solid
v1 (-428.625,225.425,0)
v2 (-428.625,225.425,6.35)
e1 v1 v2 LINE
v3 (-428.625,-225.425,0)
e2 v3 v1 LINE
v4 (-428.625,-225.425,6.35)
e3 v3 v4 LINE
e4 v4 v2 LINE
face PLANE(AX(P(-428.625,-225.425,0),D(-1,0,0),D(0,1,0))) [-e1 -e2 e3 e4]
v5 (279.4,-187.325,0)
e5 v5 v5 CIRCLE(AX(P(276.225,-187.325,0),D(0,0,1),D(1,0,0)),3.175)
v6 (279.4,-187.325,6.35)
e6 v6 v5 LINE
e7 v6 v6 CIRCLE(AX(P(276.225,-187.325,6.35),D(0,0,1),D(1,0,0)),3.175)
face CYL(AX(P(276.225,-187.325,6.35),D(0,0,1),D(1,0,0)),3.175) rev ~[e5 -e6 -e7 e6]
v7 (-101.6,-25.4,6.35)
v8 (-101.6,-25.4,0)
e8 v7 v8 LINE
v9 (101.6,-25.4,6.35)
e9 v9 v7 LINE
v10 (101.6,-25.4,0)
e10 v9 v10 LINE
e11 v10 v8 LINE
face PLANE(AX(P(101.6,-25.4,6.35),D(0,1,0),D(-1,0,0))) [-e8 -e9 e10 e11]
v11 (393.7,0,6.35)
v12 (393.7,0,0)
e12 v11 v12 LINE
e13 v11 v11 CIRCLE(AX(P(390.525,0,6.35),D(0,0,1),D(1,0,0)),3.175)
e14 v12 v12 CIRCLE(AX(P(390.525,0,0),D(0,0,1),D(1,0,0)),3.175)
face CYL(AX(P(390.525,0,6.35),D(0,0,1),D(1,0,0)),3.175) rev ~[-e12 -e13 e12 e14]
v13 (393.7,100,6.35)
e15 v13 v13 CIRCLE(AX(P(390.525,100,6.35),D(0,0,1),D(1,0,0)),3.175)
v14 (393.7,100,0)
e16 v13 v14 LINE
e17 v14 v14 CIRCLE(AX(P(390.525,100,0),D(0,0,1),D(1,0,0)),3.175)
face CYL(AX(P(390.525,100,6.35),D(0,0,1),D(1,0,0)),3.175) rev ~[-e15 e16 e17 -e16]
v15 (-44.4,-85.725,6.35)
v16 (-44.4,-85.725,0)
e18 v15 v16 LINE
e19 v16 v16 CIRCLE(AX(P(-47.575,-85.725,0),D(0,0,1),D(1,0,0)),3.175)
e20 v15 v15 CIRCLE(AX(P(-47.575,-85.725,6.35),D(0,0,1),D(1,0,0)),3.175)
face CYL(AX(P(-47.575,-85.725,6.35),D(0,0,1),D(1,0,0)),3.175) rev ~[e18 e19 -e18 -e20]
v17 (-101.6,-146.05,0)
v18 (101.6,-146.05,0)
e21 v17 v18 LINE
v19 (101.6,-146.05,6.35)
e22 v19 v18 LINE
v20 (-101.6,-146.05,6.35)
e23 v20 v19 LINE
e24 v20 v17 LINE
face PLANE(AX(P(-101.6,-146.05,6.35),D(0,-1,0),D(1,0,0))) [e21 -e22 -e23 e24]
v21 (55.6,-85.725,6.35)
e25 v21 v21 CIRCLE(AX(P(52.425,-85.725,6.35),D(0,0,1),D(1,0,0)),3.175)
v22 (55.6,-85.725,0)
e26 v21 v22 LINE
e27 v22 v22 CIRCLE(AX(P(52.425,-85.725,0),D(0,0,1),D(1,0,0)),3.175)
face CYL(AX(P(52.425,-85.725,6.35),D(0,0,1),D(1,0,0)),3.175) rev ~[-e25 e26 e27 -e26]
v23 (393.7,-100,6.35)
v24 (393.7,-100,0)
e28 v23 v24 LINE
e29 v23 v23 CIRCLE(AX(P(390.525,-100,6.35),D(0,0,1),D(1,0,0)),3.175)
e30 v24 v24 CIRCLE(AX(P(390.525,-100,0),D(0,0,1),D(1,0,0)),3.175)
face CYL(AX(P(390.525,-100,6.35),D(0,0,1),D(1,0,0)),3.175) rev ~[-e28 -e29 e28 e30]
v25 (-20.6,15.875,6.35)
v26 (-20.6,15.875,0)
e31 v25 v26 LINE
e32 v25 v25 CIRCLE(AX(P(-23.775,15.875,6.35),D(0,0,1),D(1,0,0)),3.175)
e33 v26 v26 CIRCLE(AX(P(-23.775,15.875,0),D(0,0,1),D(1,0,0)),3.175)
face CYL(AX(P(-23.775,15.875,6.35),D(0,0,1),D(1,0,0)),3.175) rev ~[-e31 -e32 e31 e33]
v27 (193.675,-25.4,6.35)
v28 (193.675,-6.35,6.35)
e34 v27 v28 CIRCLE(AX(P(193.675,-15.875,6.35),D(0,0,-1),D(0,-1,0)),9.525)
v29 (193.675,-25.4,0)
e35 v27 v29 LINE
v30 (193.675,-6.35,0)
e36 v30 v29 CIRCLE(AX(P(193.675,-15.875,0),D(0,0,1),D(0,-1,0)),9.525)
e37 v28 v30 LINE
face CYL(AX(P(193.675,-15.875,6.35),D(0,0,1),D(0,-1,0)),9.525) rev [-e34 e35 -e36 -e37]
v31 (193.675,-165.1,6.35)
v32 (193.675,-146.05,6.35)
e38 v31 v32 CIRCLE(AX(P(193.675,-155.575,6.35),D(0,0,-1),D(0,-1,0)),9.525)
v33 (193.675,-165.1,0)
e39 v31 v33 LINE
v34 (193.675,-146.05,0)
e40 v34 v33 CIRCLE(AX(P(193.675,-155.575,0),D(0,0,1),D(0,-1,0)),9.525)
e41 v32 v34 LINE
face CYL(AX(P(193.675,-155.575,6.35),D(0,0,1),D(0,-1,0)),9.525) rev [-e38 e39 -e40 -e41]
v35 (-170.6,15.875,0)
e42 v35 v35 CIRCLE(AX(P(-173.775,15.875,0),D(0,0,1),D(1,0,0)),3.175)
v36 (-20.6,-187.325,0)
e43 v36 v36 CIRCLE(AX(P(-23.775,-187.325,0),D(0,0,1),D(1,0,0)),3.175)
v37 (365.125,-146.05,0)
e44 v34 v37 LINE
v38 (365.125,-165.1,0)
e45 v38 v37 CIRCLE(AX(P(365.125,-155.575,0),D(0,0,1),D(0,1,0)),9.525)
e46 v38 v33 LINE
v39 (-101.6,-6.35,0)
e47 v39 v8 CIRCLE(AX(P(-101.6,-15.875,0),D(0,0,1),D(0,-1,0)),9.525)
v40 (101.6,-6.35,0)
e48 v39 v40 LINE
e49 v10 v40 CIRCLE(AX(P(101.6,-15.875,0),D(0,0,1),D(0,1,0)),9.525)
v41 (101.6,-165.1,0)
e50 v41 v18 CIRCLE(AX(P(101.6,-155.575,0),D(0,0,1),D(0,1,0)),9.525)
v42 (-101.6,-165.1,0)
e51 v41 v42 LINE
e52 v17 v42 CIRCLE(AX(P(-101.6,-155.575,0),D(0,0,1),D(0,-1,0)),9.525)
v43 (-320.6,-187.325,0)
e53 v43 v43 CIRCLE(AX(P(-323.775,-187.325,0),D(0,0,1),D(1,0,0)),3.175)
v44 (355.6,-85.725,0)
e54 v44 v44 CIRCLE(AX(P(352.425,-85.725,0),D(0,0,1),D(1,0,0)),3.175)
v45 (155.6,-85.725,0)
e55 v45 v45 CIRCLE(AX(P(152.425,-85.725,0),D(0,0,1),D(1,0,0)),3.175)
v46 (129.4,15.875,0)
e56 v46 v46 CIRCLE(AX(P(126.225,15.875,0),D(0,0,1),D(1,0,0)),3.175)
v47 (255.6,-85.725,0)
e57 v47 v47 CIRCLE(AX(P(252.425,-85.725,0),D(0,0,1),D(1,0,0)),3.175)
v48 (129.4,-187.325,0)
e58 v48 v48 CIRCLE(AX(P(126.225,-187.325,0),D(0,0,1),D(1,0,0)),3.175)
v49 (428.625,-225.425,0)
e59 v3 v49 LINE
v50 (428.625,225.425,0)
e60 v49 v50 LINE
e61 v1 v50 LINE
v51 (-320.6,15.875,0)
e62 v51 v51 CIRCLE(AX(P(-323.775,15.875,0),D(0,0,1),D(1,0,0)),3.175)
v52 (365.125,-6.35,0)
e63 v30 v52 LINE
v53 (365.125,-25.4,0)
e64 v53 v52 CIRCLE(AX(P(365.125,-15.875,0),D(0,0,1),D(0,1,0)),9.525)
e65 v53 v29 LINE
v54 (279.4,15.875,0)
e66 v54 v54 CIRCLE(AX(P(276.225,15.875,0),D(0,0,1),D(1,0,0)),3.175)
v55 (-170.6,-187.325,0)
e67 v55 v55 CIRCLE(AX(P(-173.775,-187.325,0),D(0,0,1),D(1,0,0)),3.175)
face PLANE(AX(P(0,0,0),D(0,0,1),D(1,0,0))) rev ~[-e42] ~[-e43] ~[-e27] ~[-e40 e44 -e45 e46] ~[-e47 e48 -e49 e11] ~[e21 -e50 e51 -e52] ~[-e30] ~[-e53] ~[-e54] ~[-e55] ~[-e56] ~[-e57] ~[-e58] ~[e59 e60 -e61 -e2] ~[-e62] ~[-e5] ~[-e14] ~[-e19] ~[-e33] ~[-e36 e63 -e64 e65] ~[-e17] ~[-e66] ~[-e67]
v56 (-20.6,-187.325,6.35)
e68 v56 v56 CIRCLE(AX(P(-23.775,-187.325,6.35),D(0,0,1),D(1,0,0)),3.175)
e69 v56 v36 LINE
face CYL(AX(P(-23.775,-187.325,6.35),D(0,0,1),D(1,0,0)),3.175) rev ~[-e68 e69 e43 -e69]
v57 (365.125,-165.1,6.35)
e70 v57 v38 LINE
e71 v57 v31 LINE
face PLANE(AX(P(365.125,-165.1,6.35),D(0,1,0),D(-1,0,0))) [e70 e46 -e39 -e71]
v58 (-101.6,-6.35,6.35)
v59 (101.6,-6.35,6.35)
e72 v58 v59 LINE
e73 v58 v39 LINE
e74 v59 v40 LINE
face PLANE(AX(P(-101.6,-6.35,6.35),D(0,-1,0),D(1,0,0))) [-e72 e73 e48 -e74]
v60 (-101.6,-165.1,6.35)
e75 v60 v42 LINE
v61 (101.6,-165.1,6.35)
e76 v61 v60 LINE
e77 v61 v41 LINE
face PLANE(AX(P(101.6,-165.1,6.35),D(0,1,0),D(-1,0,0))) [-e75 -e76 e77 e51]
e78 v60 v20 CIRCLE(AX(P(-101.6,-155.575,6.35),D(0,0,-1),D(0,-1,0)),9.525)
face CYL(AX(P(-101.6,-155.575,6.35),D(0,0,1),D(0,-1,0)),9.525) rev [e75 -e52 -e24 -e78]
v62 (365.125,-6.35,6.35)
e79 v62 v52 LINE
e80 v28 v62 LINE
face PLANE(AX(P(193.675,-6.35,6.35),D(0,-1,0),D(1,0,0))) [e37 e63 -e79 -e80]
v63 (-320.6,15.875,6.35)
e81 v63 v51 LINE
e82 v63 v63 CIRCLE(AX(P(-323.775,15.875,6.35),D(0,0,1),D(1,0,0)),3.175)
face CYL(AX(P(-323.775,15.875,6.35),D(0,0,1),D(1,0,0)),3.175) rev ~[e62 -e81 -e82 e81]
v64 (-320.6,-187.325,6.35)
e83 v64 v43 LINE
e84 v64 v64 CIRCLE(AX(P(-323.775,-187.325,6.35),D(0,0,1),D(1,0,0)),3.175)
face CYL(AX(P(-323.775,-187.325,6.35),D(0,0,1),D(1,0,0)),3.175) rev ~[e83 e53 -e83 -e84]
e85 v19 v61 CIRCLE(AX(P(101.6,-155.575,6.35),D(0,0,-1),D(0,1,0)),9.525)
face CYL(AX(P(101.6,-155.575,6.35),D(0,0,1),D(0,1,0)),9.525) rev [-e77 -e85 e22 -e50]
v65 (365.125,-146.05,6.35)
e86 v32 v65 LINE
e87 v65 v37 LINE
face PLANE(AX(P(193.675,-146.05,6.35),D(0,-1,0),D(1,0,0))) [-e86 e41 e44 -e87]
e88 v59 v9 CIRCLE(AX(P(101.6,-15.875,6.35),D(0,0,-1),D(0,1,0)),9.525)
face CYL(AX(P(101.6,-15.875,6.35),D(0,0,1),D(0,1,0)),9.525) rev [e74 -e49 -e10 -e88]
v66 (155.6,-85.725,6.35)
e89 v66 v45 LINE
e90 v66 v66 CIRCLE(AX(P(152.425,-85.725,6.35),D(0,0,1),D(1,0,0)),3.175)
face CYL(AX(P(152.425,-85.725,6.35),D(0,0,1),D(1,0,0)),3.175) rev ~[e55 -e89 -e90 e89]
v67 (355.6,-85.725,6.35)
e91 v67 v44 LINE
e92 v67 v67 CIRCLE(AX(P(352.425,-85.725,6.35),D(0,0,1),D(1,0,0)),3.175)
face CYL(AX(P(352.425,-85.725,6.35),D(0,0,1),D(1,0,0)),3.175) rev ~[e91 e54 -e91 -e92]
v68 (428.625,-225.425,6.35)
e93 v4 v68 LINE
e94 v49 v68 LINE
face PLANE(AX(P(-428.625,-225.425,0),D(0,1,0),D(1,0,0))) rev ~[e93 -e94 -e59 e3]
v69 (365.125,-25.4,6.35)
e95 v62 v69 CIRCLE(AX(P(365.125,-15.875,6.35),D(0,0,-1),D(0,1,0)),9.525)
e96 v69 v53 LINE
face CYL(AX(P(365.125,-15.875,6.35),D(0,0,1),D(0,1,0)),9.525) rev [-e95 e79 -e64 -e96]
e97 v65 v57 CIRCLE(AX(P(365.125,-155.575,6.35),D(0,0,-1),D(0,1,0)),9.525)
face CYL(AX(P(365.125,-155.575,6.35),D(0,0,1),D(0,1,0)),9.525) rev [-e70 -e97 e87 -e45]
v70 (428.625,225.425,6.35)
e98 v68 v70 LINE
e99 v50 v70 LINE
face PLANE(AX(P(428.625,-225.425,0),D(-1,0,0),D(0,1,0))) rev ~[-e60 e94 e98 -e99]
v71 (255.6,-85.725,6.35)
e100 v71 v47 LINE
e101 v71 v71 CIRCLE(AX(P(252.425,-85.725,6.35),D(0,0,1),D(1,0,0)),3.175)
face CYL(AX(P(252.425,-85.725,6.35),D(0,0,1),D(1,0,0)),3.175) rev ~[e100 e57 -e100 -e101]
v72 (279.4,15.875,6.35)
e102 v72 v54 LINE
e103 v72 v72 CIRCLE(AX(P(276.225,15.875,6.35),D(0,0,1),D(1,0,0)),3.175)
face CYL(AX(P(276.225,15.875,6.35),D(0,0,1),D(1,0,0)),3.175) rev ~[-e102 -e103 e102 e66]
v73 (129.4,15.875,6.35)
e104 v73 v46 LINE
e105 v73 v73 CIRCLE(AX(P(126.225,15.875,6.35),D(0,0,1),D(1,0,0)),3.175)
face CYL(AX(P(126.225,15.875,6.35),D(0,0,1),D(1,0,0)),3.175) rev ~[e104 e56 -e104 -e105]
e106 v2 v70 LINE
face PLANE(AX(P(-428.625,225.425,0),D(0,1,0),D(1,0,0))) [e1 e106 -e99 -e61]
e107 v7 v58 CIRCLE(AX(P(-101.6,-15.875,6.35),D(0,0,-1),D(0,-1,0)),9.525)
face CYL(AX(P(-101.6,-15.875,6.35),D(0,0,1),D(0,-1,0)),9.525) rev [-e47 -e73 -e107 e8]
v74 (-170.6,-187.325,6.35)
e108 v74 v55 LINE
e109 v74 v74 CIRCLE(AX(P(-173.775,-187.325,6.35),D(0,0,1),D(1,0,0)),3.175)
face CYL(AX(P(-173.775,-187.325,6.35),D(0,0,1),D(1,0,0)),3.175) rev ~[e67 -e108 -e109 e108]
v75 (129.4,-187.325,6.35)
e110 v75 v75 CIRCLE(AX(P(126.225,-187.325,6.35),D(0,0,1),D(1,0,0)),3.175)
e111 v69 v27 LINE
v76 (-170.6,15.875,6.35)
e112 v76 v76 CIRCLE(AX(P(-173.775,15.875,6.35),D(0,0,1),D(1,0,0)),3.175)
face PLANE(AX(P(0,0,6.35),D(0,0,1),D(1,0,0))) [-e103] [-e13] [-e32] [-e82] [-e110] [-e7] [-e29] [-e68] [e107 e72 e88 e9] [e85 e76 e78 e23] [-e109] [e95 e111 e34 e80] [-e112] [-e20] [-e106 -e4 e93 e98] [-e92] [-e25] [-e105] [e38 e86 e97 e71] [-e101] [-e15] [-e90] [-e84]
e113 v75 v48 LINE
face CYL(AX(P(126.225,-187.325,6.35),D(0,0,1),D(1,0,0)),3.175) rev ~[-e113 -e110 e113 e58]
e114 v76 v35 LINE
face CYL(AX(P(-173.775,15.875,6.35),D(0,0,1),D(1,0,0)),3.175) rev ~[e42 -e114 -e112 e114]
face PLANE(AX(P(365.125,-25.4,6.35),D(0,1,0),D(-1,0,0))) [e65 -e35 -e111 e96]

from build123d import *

# Parameters (mm, degrees)
SKETCH1_W           = 857.25
SKETCH1_H           = 450.85
BOSS_EXTRUDE1_DEPTH = 6.35
SKETCH2_R           = 3.175
CUT_EXTRUDE1_DEPTH  = 485.330614095
SKETCH3_R           = 3.175
CUT_EXTRUDE2_DEPTH  = 485.330614095


with BuildPart() as part:
    # Sketch1 → Boss-Extrude1 (new body)
    with BuildSketch(Plane.XY):
        Rectangle(SKETCH1_W, SKETCH1_H)
    extrude(amount=BOSS_EXTRUDE1_DEPTH)

    # Sketch2 → Cut-Extrude1 (cut, through all)
    with BuildSketch(Plane.XY.offset(6.35)):
        with Locations((352.425, -85.725)):
            Circle(SKETCH2_R)
        with Locations((252.425000102, -85.725)):
            Circle(SKETCH2_R)
        with Locations((152.425000204, -85.725)):
            Circle(SKETCH2_R)
        with Locations((52.425000306, -85.725)):
            Circle(SKETCH2_R)
        with Locations((-47.574999592, -85.725)):
            Circle(SKETCH2_R)
        with Locations((276.225, -187.325)):
            Circle(SKETCH2_R)
        with Locations((126.225000026, -187.325)):
            Circle(SKETCH2_R)
        with Locations((-23.774999948, -187.325)):
            Circle(SKETCH2_R)
        with Locations((-173.774999922, -187.325)):
            Circle(SKETCH2_R)
        with Locations((-323.774999896, -187.325)):
            Circle(SKETCH2_R)
        with Locations((276.225, 15.875)):
            Circle(SKETCH2_R)
        with Locations((126.225000026, 15.875)):
            Circle(SKETCH2_R)
        with Locations((-23.774999948, 15.875)):
            Circle(SKETCH2_R)
        with Locations((-173.774999922, 15.875)):
            Circle(SKETCH2_R)
        with Locations((-323.774999896, 15.875)):
            Circle(SKETCH2_R)
        with BuildLine():
            Line((-101.6, -146.05), (101.6, -146.05))
            ThreePointArc((101.6, -146.05), (111.125, -155.575), (101.6, -165.1))
            Line((101.6, -165.1), (-101.6, -165.1))
            ThreePointArc((-101.6, -165.1), (-111.125, -155.575), (-101.6, -146.05))
        make_face()
        with BuildLine():
            Line((193.675, -146.05), (365.125, -146.05))
            ThreePointArc((365.125, -146.05), (374.65, -155.575), (365.125, -165.1))
            Line((365.125, -165.1), (193.675, -165.1))
            ThreePointArc((193.675, -165.1), (184.15, -155.575), (193.675, -146.05))
        make_face()
        with BuildLine():
            Line((365.125, -25.4), (193.675, -25.4))
            ThreePointArc((193.675, -25.4), (184.15, -15.875), (193.675, -6.35))
            Line((193.675, -6.35), (365.125, -6.35))
            ThreePointArc((365.125, -6.35), (374.65, -15.875), (365.125, -25.4))
        make_face()
        with BuildLine():
            Line((101.6, -25.4), (-101.6, -25.4))
            ThreePointArc((-101.6, -25.4), (-111.125, -15.875), (-101.6, -6.35))
            Line((-101.6, -6.35), (101.6, -6.35))
            ThreePointArc((101.6, -6.35), (111.125, -15.875), (101.6, -25.4))
        make_face()
    extrude(amount=-CUT_EXTRUDE1_DEPTH, mode=Mode.SUBTRACT)

    # Sketch3 → Cut-Extrude2 (cut, through all)
    with BuildSketch(Plane.XY.offset(6.35)):
        with Locations((390.525, -100.000000152)):
            Circle(SKETCH3_R)
        with Locations((390.525, 0)):
            Circle(SKETCH3_R)
        with Locations((390.525, 100.000000152)):
            Circle(SKETCH3_R)
    extrude(amount=-CUT_EXTRUDE2_DEPTH, mode=Mode.SUBTRACT)


solid = part.part
